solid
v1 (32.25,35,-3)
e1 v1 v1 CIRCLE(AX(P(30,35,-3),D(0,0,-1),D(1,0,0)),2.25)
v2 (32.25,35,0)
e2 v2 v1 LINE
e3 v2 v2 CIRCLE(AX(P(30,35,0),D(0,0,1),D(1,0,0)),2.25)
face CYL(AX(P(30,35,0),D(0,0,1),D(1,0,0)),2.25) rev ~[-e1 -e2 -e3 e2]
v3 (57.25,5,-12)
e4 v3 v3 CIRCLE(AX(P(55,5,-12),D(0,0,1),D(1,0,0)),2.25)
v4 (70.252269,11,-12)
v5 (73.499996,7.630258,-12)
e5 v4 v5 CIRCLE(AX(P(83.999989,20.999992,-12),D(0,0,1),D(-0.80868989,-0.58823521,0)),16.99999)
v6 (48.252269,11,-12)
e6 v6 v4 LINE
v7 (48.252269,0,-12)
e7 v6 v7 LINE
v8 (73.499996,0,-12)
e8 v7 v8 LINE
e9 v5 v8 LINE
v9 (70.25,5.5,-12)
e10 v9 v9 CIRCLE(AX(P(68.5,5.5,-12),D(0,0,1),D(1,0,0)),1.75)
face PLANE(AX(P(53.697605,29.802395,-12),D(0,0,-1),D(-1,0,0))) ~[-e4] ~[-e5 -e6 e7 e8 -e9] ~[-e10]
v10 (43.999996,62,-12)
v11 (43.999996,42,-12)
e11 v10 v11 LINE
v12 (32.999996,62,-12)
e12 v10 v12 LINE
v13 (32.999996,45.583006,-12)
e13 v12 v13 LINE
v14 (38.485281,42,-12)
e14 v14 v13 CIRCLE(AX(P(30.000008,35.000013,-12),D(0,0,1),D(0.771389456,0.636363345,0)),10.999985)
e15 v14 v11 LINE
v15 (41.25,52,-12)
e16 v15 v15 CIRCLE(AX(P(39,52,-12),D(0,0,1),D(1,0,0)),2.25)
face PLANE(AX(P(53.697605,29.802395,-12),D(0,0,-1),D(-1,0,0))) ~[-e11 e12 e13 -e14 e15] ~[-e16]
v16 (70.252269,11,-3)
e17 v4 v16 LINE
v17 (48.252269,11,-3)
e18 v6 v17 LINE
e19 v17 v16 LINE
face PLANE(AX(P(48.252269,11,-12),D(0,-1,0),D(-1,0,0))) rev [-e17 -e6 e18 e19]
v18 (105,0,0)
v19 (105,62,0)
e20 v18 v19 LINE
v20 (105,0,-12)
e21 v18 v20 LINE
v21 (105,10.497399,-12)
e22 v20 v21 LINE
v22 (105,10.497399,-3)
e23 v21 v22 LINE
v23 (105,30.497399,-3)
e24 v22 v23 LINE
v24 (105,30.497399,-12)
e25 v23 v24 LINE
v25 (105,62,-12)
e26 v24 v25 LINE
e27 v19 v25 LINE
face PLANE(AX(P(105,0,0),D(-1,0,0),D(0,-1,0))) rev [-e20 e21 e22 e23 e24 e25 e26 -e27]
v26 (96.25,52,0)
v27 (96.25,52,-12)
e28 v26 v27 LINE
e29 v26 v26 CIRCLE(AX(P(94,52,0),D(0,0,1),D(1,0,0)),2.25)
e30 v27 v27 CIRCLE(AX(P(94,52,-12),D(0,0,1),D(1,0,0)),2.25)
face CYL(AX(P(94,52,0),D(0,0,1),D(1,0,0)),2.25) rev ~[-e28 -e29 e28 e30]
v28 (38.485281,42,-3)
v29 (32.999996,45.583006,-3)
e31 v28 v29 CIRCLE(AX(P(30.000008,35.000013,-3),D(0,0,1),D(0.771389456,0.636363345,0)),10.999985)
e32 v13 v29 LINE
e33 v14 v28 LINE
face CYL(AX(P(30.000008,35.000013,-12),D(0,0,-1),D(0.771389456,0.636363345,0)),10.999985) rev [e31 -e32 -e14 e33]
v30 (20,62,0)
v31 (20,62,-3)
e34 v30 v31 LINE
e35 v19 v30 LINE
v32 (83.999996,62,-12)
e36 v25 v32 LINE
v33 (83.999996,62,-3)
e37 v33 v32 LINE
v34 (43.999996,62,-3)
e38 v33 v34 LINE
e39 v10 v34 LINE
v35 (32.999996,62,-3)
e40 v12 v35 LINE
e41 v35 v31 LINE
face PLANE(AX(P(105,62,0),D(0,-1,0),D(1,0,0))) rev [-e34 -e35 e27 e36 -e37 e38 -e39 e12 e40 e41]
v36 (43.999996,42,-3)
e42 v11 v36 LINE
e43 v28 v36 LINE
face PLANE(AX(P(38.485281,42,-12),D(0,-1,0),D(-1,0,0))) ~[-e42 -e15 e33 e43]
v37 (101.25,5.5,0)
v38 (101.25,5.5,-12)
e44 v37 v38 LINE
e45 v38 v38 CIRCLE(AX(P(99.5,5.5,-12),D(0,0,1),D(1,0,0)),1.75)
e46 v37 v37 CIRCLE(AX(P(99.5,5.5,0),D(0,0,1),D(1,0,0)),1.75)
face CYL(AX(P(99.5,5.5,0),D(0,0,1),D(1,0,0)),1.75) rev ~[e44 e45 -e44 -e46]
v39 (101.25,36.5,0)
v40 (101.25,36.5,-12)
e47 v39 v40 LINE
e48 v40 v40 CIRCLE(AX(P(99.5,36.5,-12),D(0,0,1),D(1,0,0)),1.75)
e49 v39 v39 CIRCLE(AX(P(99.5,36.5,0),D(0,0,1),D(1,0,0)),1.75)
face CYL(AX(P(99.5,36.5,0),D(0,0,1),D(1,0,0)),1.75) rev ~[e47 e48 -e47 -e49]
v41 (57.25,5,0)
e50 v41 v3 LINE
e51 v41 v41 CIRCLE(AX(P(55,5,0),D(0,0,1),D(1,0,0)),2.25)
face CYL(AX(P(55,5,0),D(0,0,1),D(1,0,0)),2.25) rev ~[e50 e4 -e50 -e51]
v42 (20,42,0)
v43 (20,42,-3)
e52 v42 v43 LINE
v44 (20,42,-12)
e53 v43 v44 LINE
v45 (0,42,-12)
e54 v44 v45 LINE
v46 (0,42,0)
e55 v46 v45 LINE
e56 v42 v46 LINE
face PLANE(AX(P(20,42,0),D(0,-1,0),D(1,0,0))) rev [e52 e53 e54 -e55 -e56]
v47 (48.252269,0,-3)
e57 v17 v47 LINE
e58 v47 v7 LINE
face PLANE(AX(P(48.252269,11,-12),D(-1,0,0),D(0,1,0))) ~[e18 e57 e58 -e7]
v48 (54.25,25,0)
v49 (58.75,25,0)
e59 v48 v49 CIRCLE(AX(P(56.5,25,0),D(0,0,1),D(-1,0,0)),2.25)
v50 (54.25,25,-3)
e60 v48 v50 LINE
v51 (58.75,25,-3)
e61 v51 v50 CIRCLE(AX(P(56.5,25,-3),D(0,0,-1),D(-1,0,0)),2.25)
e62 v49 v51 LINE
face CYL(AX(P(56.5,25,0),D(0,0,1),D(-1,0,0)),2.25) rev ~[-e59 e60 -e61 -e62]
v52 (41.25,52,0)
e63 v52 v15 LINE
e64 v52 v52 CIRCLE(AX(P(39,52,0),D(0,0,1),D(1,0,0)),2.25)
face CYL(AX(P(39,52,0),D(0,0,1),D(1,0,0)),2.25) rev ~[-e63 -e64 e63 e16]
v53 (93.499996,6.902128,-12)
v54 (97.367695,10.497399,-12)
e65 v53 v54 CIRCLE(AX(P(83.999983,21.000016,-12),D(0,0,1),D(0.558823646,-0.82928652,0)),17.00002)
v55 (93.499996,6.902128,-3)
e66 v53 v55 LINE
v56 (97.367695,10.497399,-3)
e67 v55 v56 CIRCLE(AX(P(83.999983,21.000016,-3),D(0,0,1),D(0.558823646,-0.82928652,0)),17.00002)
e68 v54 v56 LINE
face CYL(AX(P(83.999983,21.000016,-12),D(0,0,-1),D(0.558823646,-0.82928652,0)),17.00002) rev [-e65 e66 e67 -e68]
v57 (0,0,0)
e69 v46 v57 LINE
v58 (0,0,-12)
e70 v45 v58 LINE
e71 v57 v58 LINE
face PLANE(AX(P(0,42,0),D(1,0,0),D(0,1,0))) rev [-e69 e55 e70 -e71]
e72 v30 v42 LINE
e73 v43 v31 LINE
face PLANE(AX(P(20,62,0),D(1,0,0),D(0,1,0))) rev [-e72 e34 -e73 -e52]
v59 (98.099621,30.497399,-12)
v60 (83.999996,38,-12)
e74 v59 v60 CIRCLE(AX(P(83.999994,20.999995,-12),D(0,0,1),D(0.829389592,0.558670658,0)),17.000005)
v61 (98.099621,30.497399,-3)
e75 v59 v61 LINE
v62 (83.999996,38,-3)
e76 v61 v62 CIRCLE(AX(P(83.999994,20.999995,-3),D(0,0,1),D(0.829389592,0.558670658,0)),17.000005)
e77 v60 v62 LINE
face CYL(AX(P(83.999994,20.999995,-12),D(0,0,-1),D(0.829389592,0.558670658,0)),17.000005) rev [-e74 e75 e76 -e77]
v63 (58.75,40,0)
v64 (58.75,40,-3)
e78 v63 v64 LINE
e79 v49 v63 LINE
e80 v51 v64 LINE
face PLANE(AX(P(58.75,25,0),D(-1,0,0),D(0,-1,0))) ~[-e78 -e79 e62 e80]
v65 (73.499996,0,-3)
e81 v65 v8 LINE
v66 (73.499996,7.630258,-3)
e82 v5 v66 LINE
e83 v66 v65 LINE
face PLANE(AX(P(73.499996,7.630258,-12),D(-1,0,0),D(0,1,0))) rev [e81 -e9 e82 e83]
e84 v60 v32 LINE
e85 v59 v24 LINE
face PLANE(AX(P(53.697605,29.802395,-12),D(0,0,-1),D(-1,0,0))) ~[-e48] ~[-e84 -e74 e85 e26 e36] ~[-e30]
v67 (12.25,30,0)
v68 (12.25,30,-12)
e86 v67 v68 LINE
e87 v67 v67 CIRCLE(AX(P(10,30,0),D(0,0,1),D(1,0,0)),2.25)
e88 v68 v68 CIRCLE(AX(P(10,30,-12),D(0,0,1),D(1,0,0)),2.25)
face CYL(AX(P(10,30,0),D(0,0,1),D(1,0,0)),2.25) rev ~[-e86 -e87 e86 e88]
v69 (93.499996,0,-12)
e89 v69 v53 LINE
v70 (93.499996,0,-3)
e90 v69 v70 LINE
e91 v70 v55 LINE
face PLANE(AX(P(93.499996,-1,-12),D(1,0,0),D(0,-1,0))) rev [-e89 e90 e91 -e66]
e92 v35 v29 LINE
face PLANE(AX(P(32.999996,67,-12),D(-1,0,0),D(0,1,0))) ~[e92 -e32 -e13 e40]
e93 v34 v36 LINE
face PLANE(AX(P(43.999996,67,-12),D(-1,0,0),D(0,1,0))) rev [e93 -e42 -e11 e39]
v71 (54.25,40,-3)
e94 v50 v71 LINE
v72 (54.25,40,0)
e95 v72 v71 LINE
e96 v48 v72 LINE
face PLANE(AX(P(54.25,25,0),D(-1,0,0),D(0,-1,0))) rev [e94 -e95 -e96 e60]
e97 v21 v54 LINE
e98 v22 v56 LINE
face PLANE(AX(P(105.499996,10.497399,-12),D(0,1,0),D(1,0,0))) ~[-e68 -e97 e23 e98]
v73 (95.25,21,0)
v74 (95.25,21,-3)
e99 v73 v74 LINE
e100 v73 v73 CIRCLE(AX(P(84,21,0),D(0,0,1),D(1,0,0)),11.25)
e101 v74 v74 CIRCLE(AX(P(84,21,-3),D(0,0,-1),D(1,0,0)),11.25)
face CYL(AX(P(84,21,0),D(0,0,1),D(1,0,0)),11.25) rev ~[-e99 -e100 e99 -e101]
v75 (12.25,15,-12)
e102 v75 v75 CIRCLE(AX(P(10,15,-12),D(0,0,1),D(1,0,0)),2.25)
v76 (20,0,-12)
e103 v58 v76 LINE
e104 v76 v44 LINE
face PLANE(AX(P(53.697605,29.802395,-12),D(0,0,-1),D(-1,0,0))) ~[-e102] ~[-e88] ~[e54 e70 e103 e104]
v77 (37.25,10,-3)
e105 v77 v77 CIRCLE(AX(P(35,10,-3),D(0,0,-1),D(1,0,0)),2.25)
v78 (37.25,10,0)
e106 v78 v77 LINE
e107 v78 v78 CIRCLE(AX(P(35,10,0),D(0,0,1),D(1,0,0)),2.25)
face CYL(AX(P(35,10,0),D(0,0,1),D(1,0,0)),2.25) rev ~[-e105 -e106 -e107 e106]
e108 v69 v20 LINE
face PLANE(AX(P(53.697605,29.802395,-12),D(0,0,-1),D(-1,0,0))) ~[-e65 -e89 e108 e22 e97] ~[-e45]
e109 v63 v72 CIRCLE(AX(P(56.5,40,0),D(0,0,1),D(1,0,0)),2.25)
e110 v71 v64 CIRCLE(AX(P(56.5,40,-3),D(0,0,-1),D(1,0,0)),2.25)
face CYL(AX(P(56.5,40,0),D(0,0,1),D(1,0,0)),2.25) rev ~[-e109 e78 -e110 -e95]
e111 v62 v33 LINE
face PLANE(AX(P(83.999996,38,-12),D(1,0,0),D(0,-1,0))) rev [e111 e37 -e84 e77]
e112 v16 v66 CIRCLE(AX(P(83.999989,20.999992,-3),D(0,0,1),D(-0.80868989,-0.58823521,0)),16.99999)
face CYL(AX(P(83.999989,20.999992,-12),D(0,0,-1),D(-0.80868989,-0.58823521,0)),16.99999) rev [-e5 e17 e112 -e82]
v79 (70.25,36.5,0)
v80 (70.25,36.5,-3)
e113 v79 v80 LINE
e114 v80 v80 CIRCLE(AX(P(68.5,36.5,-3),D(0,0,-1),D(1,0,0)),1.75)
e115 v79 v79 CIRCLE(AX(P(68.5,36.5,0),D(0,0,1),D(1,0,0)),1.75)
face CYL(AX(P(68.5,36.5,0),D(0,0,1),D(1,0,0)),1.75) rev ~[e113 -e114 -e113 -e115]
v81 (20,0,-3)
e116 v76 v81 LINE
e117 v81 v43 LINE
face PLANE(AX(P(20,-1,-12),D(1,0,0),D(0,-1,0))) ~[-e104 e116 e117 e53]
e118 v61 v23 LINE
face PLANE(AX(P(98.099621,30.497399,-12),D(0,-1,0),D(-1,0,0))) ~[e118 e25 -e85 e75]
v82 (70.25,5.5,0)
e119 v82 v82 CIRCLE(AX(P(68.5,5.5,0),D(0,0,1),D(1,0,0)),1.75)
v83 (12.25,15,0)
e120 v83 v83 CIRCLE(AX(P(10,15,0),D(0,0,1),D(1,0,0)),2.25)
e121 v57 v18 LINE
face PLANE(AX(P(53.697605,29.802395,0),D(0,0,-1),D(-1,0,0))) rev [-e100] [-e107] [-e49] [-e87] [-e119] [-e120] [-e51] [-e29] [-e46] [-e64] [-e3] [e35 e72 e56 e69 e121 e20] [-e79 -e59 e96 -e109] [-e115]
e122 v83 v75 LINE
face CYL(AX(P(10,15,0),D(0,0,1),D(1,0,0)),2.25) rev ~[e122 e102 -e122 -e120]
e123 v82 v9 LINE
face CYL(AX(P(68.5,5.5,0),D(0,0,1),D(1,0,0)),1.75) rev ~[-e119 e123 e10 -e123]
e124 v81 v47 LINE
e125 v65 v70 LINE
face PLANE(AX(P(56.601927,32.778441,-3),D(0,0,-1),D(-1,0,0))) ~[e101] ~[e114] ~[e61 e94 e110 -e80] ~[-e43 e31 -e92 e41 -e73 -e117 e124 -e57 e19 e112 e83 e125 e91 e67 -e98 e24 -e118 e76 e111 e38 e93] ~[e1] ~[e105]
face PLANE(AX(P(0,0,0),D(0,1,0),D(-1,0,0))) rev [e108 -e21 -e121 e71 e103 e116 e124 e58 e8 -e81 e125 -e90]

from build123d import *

# Parameters (mm, degrees)
SKETCH_R     = 2.25
SKETCH_R_2   = 11.25
SKETCH_R_3   = 1.75
PAD_DEPTH    = 12
POCKET_DEPTH = 9


with BuildPart() as pocket_belt_path:
    # Sketch → Pad (new body)
    with BuildSketch(Plane.XY):
        Polygon((0, 0), (105, 0), (105, 62), (20, 62), (20, 42), (0, 42), align=None)
        with Locations((35, 10)):
            Circle(SKETCH_R, mode=Mode.SUBTRACT)
        with Locations((30, 35)):
            Circle(SKETCH_R, mode=Mode.SUBTRACT)
        with Locations((84, 21)):
            Circle(SKETCH_R_2, mode=Mode.SUBTRACT)
        with Locations((68.5, 36.5)):
            Circle(SKETCH_R_3, mode=Mode.SUBTRACT)
        with Locations((99.5, 36.5)):
            Circle(SKETCH_R_3, mode=Mode.SUBTRACT)
        with Locations((68.5, 5.5)):
            Circle(SKETCH_R_3, mode=Mode.SUBTRACT)
        with Locations((99.5, 5.5)):
            Circle(SKETCH_R_3, mode=Mode.SUBTRACT)
        with Locations((10, 30)):
            Circle(SKETCH_R, mode=Mode.SUBTRACT)
        with Locations((10, 15)):
            Circle(SKETCH_R, mode=Mode.SUBTRACT)
        with Locations((39, 52)):
            Circle(SKETCH_R, mode=Mode.SUBTRACT)
        with Locations((94, 52)):
            Circle(SKETCH_R, mode=Mode.SUBTRACT)
        with Locations((55, 5)):
            Circle(SKETCH_R, mode=Mode.SUBTRACT)
        with BuildLine():
            Line((58.75, 25), (58.75, 40))
            ThreePointArc((58.75, 40), (56.5, 42.25), (54.25, 40))
            Line((54.25, 25), (54.25, 40))
            ThreePointArc((54.25, 25), (56.5, 22.75), (58.75, 25))
        make_face(mode=Mode.SUBTRACT)
    extrude(amount=PAD_DEPTH)

    # Sketch001 → Pocket (cut)
    with BuildSketch(Plane.XY.offset(12)):
        with BuildLine():
            ThreePointArc((38.485281, 42), (36.015595, 44.209377), (32.999996, 45.583006))
            Line((32.999996, 67), (32.999996, 45.583006))
            Line((20, 67), (32.999996, 67))
            Line((20, -1), (20, 67))
            Line((20, -1), (48.252269, -1))
            Line((48.252269, 11), (48.252269, -1))
            Line((48.252269, 11), (70.252269, 11))
            ThreePointArc((70.252269, 11), (71.759618, 9.202833), (73.499996, 7.630258))
            Line((73.499996, 7.630258), (73.499996, -1))
            Line((73.499996, -1), (93.499996, -1))
            Line((93.499996, -1), (93.499996, 6.902128))
            ThreePointArc((93.499996, 6.902128), (95.574295, 8.548671), (97.367695, 10.497399))
            Line((105.499996, 10.497399), (97.367695, 10.497399))
            Line((105.499996, 30.497399), (105.499996, 10.497399))
            Line((98.099621, 30.497399), (105.499996, 30.497399))
            ThreePointArc((98.099621, 30.497399), (91.98574, 36.007594), (83.999996, 38))
            Line((83.999996, 38), (83.999996, 67))
            Line((83.999996, 67), (43.999996, 67))
            Line((43.999996, 67), (43.999996, 42))
            Line((38.485281, 42), (43.999996, 42))
        make_face()
    extrude(amount=-POCKET_DEPTH, mode=Mode.SUBTRACT)


with BuildPart() as part_mirroring:
    # Part__Mirroring: instance of Pocket belt path
    add(pocket_belt_path.part.mirror(Plane(origin=(0, 0, 0), x_dir=(0, 1, 0), z_dir=(0, 0, 1))))


solid = part_mirroring.part
